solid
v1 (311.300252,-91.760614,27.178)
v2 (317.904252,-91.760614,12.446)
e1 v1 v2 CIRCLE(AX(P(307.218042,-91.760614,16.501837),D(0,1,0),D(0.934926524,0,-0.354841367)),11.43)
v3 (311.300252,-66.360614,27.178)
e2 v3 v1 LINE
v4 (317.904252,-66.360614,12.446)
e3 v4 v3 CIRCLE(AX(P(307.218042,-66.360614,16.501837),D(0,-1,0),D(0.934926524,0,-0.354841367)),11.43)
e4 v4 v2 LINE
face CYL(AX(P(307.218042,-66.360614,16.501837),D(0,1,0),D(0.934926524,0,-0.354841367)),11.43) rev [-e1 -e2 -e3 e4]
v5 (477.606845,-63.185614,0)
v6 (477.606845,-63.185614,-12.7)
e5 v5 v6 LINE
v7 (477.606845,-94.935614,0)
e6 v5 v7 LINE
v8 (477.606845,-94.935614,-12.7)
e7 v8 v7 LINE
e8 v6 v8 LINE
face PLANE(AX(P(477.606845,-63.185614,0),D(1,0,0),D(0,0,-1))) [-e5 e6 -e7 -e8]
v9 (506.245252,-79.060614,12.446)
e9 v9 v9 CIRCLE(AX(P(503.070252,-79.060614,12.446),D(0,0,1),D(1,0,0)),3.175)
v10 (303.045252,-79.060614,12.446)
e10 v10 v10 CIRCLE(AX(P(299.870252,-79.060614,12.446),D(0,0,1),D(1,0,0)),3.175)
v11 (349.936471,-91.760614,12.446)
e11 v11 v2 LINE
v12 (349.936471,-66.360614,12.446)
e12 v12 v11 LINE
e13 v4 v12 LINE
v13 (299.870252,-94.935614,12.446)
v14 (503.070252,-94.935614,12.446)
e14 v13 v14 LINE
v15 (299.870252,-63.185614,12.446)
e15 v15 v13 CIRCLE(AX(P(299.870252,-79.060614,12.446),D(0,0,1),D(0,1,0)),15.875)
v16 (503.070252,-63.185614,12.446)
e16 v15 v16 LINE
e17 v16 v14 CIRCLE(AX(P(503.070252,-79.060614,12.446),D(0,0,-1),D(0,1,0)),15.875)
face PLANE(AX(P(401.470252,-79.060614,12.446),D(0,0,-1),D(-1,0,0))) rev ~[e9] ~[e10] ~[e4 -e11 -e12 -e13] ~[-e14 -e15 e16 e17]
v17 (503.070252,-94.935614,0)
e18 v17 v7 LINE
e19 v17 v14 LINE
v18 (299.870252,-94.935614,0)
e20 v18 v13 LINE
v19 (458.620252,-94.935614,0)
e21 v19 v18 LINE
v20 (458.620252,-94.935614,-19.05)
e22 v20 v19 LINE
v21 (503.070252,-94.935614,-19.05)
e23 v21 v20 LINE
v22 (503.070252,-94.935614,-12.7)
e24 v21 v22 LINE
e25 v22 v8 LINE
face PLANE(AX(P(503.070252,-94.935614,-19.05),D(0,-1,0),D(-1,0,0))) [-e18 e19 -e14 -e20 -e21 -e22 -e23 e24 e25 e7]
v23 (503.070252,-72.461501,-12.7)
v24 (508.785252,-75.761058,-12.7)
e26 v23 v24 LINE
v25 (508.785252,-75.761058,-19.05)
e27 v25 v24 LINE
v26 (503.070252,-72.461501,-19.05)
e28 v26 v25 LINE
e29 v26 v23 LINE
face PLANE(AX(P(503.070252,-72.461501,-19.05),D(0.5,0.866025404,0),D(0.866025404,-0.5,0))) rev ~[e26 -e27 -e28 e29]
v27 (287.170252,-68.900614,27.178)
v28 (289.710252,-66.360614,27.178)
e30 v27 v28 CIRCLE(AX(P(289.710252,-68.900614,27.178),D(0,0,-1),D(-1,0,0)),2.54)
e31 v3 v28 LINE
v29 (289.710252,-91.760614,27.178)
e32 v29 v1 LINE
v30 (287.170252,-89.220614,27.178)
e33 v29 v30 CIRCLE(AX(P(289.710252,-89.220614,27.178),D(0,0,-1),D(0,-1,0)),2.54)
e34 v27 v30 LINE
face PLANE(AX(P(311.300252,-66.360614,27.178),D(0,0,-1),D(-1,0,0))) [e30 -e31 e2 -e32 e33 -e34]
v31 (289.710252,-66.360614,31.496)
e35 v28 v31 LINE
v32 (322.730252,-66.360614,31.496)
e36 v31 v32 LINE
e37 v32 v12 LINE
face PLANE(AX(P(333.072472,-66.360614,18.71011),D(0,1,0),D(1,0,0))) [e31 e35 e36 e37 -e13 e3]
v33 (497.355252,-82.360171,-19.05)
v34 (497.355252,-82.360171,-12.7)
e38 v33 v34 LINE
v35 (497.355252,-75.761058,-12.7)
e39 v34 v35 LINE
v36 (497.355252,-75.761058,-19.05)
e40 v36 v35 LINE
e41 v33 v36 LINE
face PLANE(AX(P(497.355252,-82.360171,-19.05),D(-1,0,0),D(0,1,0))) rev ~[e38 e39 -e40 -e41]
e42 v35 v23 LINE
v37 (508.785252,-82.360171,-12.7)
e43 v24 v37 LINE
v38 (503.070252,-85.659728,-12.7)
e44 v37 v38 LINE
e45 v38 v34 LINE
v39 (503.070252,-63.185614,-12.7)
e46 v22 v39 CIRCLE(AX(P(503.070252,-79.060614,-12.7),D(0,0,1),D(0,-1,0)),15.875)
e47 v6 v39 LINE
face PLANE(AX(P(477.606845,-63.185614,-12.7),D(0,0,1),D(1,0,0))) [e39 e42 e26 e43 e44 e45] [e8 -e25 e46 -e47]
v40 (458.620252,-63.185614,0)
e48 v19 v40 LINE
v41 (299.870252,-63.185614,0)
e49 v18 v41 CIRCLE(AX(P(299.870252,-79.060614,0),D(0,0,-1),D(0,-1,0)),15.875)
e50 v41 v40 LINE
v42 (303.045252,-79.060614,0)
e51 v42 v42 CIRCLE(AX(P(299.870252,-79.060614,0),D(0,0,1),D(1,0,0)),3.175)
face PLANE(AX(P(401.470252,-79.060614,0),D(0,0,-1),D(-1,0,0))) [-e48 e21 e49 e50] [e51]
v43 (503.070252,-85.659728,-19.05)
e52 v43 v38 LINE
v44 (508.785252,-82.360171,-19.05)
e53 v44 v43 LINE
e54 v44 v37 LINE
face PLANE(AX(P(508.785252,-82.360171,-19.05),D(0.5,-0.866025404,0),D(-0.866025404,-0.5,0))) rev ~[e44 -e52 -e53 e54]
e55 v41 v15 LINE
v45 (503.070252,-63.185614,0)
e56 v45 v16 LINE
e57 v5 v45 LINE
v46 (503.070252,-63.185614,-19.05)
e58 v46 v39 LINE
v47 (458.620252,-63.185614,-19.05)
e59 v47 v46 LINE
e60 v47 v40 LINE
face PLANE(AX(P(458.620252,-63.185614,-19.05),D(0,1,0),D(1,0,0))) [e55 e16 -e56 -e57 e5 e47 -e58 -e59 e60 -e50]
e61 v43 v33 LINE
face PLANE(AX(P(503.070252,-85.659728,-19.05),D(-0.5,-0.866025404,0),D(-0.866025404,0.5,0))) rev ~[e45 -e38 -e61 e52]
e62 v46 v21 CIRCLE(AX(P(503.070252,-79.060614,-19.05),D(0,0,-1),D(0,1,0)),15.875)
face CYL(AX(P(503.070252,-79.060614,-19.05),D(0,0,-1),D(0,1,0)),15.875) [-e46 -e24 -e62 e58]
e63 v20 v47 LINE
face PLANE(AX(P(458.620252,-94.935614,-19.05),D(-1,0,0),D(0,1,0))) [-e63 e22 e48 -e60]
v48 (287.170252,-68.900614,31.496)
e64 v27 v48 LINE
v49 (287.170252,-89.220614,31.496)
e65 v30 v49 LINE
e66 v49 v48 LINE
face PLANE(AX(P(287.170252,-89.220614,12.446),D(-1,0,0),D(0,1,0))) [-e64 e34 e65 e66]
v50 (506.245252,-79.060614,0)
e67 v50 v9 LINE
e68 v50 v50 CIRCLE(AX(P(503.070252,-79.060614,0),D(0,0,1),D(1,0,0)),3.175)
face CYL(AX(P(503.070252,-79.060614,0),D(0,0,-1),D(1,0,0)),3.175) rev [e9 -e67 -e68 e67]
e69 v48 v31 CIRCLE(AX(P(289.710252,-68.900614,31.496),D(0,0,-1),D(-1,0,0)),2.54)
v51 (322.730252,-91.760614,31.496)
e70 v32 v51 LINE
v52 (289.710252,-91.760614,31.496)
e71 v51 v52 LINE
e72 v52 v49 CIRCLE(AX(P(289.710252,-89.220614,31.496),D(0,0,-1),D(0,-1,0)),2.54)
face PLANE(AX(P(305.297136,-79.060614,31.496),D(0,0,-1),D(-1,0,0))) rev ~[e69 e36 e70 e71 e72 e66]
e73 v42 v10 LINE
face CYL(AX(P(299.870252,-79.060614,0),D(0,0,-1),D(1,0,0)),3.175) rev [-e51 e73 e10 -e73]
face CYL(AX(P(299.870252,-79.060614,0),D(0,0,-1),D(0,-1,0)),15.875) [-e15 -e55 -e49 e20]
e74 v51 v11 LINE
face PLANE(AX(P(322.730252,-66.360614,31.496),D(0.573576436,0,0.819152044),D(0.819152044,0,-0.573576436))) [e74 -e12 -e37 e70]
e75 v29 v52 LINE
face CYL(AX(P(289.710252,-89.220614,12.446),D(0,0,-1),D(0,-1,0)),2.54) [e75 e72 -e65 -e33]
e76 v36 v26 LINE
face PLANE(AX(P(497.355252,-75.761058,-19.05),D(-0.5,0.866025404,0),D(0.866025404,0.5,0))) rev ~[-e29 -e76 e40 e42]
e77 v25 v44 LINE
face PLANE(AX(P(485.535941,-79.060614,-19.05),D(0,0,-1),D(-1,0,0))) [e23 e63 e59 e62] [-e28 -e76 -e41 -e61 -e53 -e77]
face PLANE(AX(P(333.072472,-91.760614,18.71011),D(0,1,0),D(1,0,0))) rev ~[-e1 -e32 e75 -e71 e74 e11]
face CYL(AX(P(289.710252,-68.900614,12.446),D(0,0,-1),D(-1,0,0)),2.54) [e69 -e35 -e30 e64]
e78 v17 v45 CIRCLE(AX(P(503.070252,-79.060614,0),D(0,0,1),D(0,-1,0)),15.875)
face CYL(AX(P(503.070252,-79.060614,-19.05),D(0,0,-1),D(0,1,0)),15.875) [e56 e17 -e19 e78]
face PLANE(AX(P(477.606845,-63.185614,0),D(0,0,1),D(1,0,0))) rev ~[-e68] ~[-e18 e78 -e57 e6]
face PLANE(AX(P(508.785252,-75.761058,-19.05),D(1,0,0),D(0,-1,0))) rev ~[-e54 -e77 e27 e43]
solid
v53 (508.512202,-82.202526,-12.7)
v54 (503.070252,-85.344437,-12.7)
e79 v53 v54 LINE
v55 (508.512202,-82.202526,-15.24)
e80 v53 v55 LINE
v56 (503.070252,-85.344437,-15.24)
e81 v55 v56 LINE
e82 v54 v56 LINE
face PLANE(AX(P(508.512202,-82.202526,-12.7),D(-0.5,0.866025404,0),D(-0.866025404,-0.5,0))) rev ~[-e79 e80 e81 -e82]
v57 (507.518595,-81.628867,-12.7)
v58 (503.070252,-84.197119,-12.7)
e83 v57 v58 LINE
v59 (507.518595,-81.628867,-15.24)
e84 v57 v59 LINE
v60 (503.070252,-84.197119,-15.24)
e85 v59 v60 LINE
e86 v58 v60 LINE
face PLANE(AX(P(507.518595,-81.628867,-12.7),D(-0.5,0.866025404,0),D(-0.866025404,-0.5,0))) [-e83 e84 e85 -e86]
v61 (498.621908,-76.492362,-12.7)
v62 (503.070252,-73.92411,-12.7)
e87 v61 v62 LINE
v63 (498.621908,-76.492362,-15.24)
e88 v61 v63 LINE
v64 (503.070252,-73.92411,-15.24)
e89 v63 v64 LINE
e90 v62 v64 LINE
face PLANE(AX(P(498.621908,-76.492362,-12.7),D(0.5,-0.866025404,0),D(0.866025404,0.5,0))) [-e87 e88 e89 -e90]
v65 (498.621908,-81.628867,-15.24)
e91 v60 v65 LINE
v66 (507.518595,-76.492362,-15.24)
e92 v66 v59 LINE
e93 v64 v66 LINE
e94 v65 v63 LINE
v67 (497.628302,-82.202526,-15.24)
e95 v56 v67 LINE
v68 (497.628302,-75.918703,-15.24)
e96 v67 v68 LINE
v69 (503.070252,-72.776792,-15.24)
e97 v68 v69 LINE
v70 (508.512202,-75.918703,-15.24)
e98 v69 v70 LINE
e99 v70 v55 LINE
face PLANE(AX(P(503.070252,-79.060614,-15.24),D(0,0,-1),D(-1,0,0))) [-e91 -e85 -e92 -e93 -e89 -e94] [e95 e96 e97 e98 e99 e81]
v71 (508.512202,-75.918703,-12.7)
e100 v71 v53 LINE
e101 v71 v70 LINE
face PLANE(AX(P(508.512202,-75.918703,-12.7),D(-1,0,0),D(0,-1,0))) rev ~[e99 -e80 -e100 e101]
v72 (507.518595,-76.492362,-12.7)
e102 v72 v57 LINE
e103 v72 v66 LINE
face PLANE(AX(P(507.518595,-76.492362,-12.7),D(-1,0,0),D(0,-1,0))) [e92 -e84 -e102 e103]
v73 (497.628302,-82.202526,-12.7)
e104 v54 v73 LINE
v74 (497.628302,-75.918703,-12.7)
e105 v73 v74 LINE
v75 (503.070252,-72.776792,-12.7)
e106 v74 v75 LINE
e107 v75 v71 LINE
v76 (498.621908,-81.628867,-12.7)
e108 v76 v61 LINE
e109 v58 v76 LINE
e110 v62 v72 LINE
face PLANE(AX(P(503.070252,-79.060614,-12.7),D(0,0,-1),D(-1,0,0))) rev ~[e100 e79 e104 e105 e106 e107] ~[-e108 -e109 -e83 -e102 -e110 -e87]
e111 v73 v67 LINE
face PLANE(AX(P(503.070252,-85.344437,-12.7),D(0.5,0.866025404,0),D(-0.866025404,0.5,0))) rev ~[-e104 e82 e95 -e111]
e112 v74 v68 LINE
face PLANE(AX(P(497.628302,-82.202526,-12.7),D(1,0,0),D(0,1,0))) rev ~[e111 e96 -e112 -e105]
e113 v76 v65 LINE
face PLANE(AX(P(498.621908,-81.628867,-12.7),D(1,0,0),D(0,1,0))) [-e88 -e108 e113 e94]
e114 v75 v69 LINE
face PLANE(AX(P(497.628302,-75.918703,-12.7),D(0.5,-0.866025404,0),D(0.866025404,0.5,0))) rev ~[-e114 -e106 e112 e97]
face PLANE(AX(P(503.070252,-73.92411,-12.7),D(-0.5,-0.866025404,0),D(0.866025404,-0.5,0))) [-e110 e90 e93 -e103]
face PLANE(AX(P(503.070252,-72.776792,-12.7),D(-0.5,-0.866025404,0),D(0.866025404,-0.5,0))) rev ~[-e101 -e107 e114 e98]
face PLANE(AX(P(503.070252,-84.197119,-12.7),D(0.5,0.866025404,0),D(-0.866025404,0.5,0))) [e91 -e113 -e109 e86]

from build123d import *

# Parameters (mm, degrees)
SKETCH1_R            = 3.175
BOSS_EXTRUDE1_DEPTH  = 12.446
BOSS_EXTRUDE8_DEPTH  = 19.05
CUT_EXTRUDE3_DEPTH   = 41.148
BOSS_EXTRUDE9_DEPTH  = 25.4
BOSS_EXTRUDE10_START = 19.05
BOSS_EXTRUDE10_DEPTH = 19.05
SKETCH11_W           = 41.338406503
SKETCH11_H           = 12.7
CUT_EXTRUDE4_DEPTH   = 35.56
BOSS_EXTRUDE11_DEPTH = 2.54


with BuildPart() as part:
    # Sketch1 → Boss-Extrude1 (new body)
    with BuildSketch(Plane.XY):
        with BuildLine():
            Line((299.870251741, -63.185614448), (503.070251741, -63.185614448))
            ThreePointArc((503.070251741, -63.185614448), (518.945251741, -79.060614448), (503.070251741, -94.935614448))
            Line((503.070251741, -94.935614448), (299.870251741, -94.935614448))
            ThreePointArc((299.870251741, -94.935614448), (283.995251741, -79.060614448), (299.870251741, -63.185614448))
        make_face()
        with Locations((299.870251741, -79.060614448)):
            Circle(SKETCH1_R, mode=Mode.SUBTRACT)
        with Locations((503.070251741, -79.060614448)):
            Circle(SKETCH1_R, mode=Mode.SUBTRACT)
    extrude(amount=BOSS_EXTRUDE1_DEPTH)

    # Sketch7 → Boss-Extrude8 (add)
    with BuildSketch(Plane.XY.offset(12.446)):
        with BuildLine():
            Line((310.030251741, -66.360614448), (312.570251741, -66.360614448))
            Line((312.570251741, -66.360614448), (322.730251741, -66.360614448))
            Line((322.730251741, -66.360614448), (322.730251741, -91.760614448))
            Line((322.730251741, -91.760614448), (310.030251741, -91.760614448))
            Line((310.030251741, -91.760614448), (289.710251741, -91.760614448))
            ThreePointArc((289.710251741, -91.760614448), (287.914200517, -91.016665672), (287.170251741, -89.220614448))
            Line((287.170251741, -89.220614448), (287.170251741, -68.900614448))
            ThreePointArc((287.170251741, -68.900614448), (287.914200517, -67.104563223), (289.710251741, -66.360614448))
            Line((289.710251741, -66.360614448), (310.030251741, -66.360614448))
        make_face()
    extrude(amount=BOSS_EXTRUDE8_DEPTH)

    # Sketch8 → Cut-Extrude3 (cut)
    with BuildSketch(Plane(origin=(0, -66.360614448, 0), x_dir=(1, 0, 0), z_dir=(0, 1, 0))):
        with BuildLine():
            Line((287.170251741, -12.446), (317.904251741, -12.446))
            ThreePointArc((317.904251741, -12.446), (317.648023156, -21.177345807), (311.300251741, -27.178))
            Line((311.300251741, -27.178), (287.170251741, -27.178))
            Line((287.170251741, -27.178), (287.170251741, -12.446))
        make_face()
    extrude(amount=-CUT_EXTRUDE3_DEPTH, mode=Mode.SUBTRACT)

    # Sketch9 → Boss-Extrude9 (add)
    with BuildSketch(Plane(origin=(0, -66.360614448, 0), x_dir=(1, 0, 0), z_dir=(0, 1, 0))):
        Polygon((322.730251741, -31.496), (349.936471269, -12.446), (322.730251741, -12.446), align=None)
    extrude(amount=-BOSS_EXTRUDE9_DEPTH)

    # Sketch10 → Boss-Extrude10 (add)
    with BuildSketch(Plane(origin=(0, 0, 0), x_dir=(-1, 0, 0), z_dir=(0, 0, -1)).offset(BOSS_EXTRUDE10_START)):
        with BuildLine():
            Line((-503.070251741, -94.935614448), (-458.620251741, -94.935614448))
            Line((-458.620251741, -94.935614448), (-458.620251741, -63.185614448))
            Line((-458.620251741, -63.185614448), (-503.070251741, -63.185614448))
            ThreePointArc((-503.070251741, -63.185614448), (-518.945251741, -79.060614448), (-503.070251741, -94.935614448))
        make_face()
        Polygon((-503.070251741, -72.461500871), (-508.785251741, -75.761057659), (-508.785251741, -82.360171236), (-503.070251741, -85.659728024), (-497.355251741, -82.360171236), (-497.355251741, -75.761057659), align=None, mode=Mode.SUBTRACT)
    extrude(amount=-BOSS_EXTRUDE10_DEPTH)

    # Sketch11 → Cut-Extrude4 (cut)
    with BuildSketch(Plane(origin=(0, -63.185614448, 0), x_dir=(1, 0, 0), z_dir=(0, 1, 0))):
        with Locations((498.276048489, 6.35)):
            Rectangle(SKETCH11_W, SKETCH11_H)
    extrude(amount=-CUT_EXTRUDE4_DEPTH, mode=Mode.SUBTRACT)


with BuildPart() as body_2:
    # Sketch13 → Boss-Extrude11 (new body)
    with BuildSketch(Plane(origin=(0, 0, -12.7), x_dir=(-1, 0, 0), z_dir=(0, 0, -1))):
        Polygon((-503.070251741, -72.776791853), (-508.512201741, -75.91870315), (-508.512201741, -82.202525745), (-503.070251741, -85.344437042), (-497.628301741, -82.202525745), (-497.628301741, -75.91870315), align=None)
        Polygon((-503.070251741, -73.924110105), (-507.518594988, -76.492362276), (-507.518594988, -81.628866619), (-503.070251741, -84.19711879), (-498.621908494, -81.628866619), (-498.621908494, -76.492362276), align=None, mode=Mode.SUBTRACT)
    extrude(amount=BOSS_EXTRUDE11_DEPTH)


solid = Compound([part.part, body_2.part])
